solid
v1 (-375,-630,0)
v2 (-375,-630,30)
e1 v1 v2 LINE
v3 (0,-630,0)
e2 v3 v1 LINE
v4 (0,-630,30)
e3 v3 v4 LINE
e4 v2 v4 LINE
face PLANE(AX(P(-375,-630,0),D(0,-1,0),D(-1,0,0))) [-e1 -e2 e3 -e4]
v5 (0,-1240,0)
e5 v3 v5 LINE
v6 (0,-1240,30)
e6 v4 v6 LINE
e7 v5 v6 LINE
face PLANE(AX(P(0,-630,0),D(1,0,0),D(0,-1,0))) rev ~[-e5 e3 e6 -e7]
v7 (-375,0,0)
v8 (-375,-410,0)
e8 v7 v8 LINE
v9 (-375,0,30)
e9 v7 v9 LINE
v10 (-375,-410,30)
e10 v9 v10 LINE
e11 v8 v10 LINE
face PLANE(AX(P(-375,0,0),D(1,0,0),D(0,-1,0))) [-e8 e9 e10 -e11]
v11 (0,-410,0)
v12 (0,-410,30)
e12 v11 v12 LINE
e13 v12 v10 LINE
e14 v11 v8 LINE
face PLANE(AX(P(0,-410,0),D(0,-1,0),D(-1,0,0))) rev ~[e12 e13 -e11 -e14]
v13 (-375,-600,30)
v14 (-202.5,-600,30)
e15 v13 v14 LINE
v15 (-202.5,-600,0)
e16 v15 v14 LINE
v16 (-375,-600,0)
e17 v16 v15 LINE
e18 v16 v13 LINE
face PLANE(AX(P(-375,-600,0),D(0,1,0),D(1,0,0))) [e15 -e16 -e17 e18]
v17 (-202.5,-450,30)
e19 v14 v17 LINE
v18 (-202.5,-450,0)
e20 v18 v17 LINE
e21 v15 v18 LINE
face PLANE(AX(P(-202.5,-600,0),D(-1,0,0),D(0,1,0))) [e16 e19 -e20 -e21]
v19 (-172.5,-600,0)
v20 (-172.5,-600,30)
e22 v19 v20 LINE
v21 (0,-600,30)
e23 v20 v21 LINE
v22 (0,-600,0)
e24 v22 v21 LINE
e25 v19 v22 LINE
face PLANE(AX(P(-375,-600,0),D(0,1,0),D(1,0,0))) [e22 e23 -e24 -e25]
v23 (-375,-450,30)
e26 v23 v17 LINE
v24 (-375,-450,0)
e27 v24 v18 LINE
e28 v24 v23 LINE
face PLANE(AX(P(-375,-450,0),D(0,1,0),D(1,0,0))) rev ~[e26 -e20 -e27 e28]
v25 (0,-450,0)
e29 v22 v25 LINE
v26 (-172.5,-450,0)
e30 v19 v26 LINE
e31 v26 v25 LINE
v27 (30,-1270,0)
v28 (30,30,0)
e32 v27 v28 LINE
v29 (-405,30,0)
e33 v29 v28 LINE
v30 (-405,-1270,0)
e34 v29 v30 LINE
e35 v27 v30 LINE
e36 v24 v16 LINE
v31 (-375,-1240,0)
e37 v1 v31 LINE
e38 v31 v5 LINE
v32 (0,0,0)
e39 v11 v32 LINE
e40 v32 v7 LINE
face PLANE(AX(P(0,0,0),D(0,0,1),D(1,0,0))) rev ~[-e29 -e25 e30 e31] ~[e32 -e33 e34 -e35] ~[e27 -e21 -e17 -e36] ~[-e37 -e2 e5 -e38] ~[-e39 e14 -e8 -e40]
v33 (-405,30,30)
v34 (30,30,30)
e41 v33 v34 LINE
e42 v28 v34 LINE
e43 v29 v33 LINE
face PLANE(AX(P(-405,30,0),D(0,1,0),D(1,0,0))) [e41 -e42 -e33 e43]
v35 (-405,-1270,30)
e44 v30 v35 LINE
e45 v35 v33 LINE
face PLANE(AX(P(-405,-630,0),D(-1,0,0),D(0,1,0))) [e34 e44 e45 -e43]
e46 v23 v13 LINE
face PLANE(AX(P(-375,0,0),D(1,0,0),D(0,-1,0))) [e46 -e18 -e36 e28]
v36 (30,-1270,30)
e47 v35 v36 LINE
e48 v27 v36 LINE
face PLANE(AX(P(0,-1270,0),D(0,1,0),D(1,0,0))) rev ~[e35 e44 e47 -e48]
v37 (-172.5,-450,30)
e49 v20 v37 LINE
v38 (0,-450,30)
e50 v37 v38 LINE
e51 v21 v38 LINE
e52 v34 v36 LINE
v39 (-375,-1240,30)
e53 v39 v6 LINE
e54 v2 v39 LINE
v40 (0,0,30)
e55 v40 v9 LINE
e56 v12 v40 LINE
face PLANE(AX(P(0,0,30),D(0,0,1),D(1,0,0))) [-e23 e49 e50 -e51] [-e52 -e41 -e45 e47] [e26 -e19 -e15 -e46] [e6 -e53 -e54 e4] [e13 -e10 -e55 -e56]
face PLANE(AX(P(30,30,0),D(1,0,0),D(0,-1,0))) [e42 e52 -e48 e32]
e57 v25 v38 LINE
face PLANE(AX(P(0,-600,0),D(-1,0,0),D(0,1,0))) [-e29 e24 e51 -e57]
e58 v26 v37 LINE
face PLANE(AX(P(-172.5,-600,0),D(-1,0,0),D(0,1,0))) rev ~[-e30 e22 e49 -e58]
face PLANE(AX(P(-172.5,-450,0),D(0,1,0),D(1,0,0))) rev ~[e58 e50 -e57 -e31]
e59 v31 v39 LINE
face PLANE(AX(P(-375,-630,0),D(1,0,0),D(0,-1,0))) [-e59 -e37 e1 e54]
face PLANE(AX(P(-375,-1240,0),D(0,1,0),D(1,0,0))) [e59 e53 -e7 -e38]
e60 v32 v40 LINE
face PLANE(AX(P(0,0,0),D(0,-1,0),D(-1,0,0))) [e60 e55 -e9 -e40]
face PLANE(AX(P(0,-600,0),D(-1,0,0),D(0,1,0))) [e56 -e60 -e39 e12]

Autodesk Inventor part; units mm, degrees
ref_plane "YZ Plane" through (0, 0, 0) normal (1, 0, 0) x (0, 1, 0)
ref_plane "XZ Plane" through (0, 0, 0) normal (0, 1, 0) x (-1, 0, 0)
ref_plane "XY Plane" through (0, 0, 0) normal (0, 0, 1) x (1, 0, 0)
sketch "Sketch1" plane through (0, 0, 0) normal (0, 0, 1) x (1, 0, 0)
  line L0 (0, 0) -> (-375, 0)
  line L1 (-375, 0) -> (-375, -600)
  line L2 (-375, -600) -> (0, -600)
  line L3 (0, -600) -> (0, 0)
  line L4 (-405, 30) -> (30, 30)
  line L5 (30, 30) -> (30, -630)
  line L6 (30, -630) -> (-405, -630)
  line L7 (-405, -630) -> (-405, 30)
  line L8 (-405, -630) -> (-375, -630)
  line L9 (-375, -630) -> (-375, -1270)
  line L10 (-375, -1270) -> (-405, -1270)
  line L11 (-405, -1270) -> (-405, -630)
  line L12 (30, -630) -> (0, -630)
  line L13 (0, -630) -> (0, -1270)
  line L14 (0, -1270) -> (30, -1270)
  line L15 (30, -1270) -> (30, -630)
  line L16 (-375, -1270) -> (0, -1270)
  line L17 (0, -1270) -> (0, -1240)
  line L18 (0, -1240) -> (-375, -1240)
  line L19 (-375, -1240) -> (-375, -1270)
  dimension "d0" = 375
  dimension "d1" = 600
  dimension "d2" = 30
  dimension "d3" = 30
  dimension "d4" = 30
  dimension "d5" = 30
  dimension "d38" = 30
  dimension "d39" = 640
  dimension "d40" = 30
  dimension "d41" = 640
  dimension "d42" = 30
extrude "Extrusion1" add sketch "Sketch1" along normal blind 30 contours L4 L5 L6 L7
sketch "Sketch2" plane through (0, 0, 0) normal (0, 0, -1) x (-1, 0, 0)
  line L0 (375, -600) -> (375, 0) projected
  line L1 (375, -450) -> (0, -450)
  line L2 (0, -450) -> (0, -410)
  line L3 (0, -410) -> (375, -410)
  line L4 (375, -410) -> (375, -450)
  line L5 (0, -600) -> (375, -600) projected
  line L6 (202.5, -600) -> (202.5, -450)
  line L7 (172.5, -600) -> (172.5, -450)
  point P0 (0, 0)
  dimension "d8" = 375
  dimension "d9" = 40
  dimension "d10" = 150
extrude "Extrusion2" add sketch "Sketch2" against normal blind 30 contours L1 L2 L3 L0 | L5 L7 L1 L6
sketch "Sketch3" plane through (0, 0, 30) normal (0, 0, 1) x (1, 0, 0)
  line L0 (12.5, -490) -> (17.5, -490)
  line L1 (17.5, -490) -> (17.5, -200)
  line L2 (17.5, -200) -> (12.5, -200)
  line L3 (12.5, -200) -> (12.5, -490)
  line L4 (0, -410) -> (-375, -410) projected
  line L5 (-392.5, -490) -> (-387.5, -490)
  line L6 (-387.5, -490) -> (-387.5, -200)
  line L7 (-387.5, -200) -> (-392.5, -200)
  line L8 (-392.5, -200) -> (-392.5, -490)
  line L9 (0, -600) -> (-172.5, -600) projected
  point P0 (0, 0)
  dimension "d13" = 5
  dimension "d14" = 290
  dimension "d18" = 405
  dimension "d37" = 110
extrude "Extrusion3" [suppressed]
sketch "Sketch4" plane through (30, -630, 0) normal (1, 0, 0) x (0, 0, -1)
  line L0 (-30, 0) -> (-30, 660) projected
  line L1 (-30, 660) -> (-657.8518, 828.2324)
  line L2 (-30, 660) -> (620, 660) construction
  line L3 (-657.8518, 828.2324) -> (-665.6164, 799.2546)
  line L4 (-665.6164, 799.2546) -> (-30, 628.9417)
  point P0 (0, 630)
  dimension "d25" = 650
  dimension "d26" = 165
  dimension "d27" = 30
  dimension "d28" = 270
extrude "Extrusion4" [suppressed]
pattern_linear "Rectangular Pattern1" [suppressed]
sketch "Sketch5" plane through (-375, 0, 30) normal (1, 0, 0) x (0, 0, -1)
  line L0 (-635.6164, 169.2546) -> (-627.8518, 198.2324) projected
  line L1 (0, -1.0583) -> (-635.6164, 169.2546) projected
  line L2 (-627.8518, 198.2324) -> (-635.6164, 169.2546)
  line L3 (-635.6164, 169.2546) -> (-606.6386, 161.49)
  line L4 (-606.6386, 161.49) -> (-598.874, 190.4678)
  line L5 (-627.8518, 198.2324) -> (0, 30) projected
  line L6 (-627.8518, 198.2324) -> (-598.874, 190.4678)
  point P0 (30, 0)
  dimension "d34" = 30
extrude "Extrusion5" [suppressed]
sketch "Sketch6" plane through (0, 0, 0) normal (0, 0, -1) x (-1, 0, 0)
  line L0 (0, -630) -> (0, -1270)
  line L1 (0, -1270) -> (-30, -1270)
  line L2 (-30, -1270) -> (-30, -630)
  line L3 (375, -630) -> (375, -1270)
  line L4 (375, -1270) -> (405, -1270)
  line L5 (405, -1270) -> (405, -630)
  line L6 (0, -1270) -> (375, -1270)
  line L7 (375, -1270) -> (375, -1240)
  line L8 (375, -1240) -> (0, -1240)
  line L9 (0, -1240) -> (0, -1270)
  line L10 (405, 30) -> (405, -630) projected
  line L11 (-30, -630) -> (-30, 30) projected
  line L12 (405, -630) -> (375, -630)
  line L13 (405, -630) -> (-30, -630) projected
  line L14 (0, -630) -> (-30, -630)
  point P0 (0, 0)
  point P1 (405, -1.0583)
  point P2 (-30, -1.0583)
  dimension "d43" = 30
  dimension "d44" = 640
  dimension "d45" = 30
  dimension "d46" = 640
  dimension "d47" = 30
  dimension "d48" = 0
  dimension "d49" = 0
extrude "Extrusion6" add sketch "Sketch6" against normal blind 30 contours L0 L1 L2 L13 | L8 L3 L6 L0 | L12 L5 L4 L3
sketch "Sketch7" plane through (0, 0, 0) normal (0, 0, -1) x (-1, 0, 0)
  circle A0 centre (187.5, -430) radius 40
  point P0 (0, 0)
  dimension "d52" = 80
sketch "Sketch8" plane through (30, -1270, 0) normal (1, 0, 0) x (0, 0, -1)
  line L0 (0, 0) -> (-30, 0) projected
  line L1 (-30, 0) -> (-311.9078, 102.606)
  line L2 (-30, 0) -> (270, 0) construction
  line L3 (-311.9078, 102.606) -> (-301.6472, 130.7968)
  line L4 (-301.6472, 130.7968) -> (-30, 31.9253)
  line L5 (-30, 640) -> (-30, 30) projected
  line L6 (-30, 31.9253) -> (-30, 0)
  point P0 (0, 1270)
  dimension "d55" = 300
  dimension "d56" = 160
  dimension "d57" = 30
  dimension "d58" = 90
sketch "Sketch9" plane through (0, -1240, 0) normal (-1, 0, 0) x (0, 0, 1)
  line L0 (311.9078, 72.606) -> (301.6472, 100.7968) projected
  line L1 (311.9078, 72.606) -> (301.6472, 100.7968)
  line L2 (301.6472, 100.7968) -> (273.4564, 90.5362)
  line L3 (30, 1.9253) -> (301.6472, 100.7968) projected
  line L4 (273.4564, 90.5362) -> (283.717, 62.3454)
  line L5 (30, -30) -> (311.9078, 72.606) projected
  line L6 (283.717, 62.3454) -> (311.9078, 72.606)
  point P0 (0, 1240)
  dimension "d64" = 30
sketch "Sketch10" plane through (0, 0, 30) normal (0, 0, 1) x (1, 0, 0)
  line L0 (-405, -1238.0747) -> (-375, -1238.0747) projected
  line L1 (-405, -1238.0747) -> (30, -1238.0747)
  line L2 (30, -1238.0747) -> (30, -598.0747)
  line L3 (30, -598.0747) -> (-405, -598.0747)
  line L4 (-405, -598.0747) -> (-405, -1238.0747)
  point P0 (0, 0)
  dimension "d67" = 435
  dimension "d68" = 640
sketch "Sketch11" plane through (0, 0, 32) normal (0, 0, 1) x (1, 0, 0)
  line L0 (30, -648.0747) -> (0, -648.0747)
  line L1 (0, -648.0747) -> (0, -678.0747)
  line L2 (0, -678.0747) -> (30, -678.0747)
  line L3 (30, -678.0747) -> (30, -648.0747)
  line L4 (30, -598.0747) -> (-405, -598.0747) projected
  point P0 (0, 0)
  dimension "d71" = 30
  dimension "d72" = 30
  dimension "d73" = 50
sketch "Sketch12" plane through (0, 0, 382) normal (0, 0, 1) x (1, 0, 0)
  line L0 (-405, -868.0747) -> (-405, -898.0747) projected
  line L1 (-405, -898.0747) -> (-375, -898.0747) projected
  line L2 (-375, -898.0747) -> (-375, -868.0747) projected
  line L3 (-375, -868.0747) -> (-405, -868.0747) projected
  line L4 (-405, -648.0747) -> (-405, -678.0747) projected
  line L5 (-405, -678.0747) -> (-375, -678.0747) projected
  line L6 (-375, -678.0747) -> (-375, -648.0747) projected
  line L7 (-375, -648.0747) -> (-405, -648.0747) projected
  line L8 (0, -648.0747) -> (0, -678.0747) projected
  line L9 (0, -678.0747) -> (30, -678.0747) projected
  line L10 (30, -678.0747) -> (30, -648.0747) projected
  line L11 (30, -648.0747) -> (0, -648.0747) projected
  line L12 (0, -868.0747) -> (0, -898.0747) projected
  line L13 (0, -898.0747) -> (30, -898.0747) projected
  line L14 (30, -898.0747) -> (30, -868.0747) projected
  line L15 (30, -868.0747) -> (0, -868.0747) projected
  line L16 (-405, -898.0747) -> (-375, -898.0747) projected
  line L17 (-405, -898.0747) -> (30, -898.0747)
  line L18 (30, -898.0747) -> (30, -648.0747)
  line L19 (30, -648.0747) -> (-405, -648.0747)
  line L20 (-405, -648.0747) -> (-405, -898.0747)
  point P0 (0, 0)
  point P1 (0, -898.0747)
  point P2 (30, -868.0747)
  point P3 (30, -678.0747)
  point P4 (0, -648.0747)
sketch "Sketch13" plane through (-405, -1270, 0) normal (-1, 0, 0) x (0, 0, 1)
  line L0 (232, 591.9253) -> (202, 591.9253)
  line L1 (202, 591.9253) -> (202, 741.9253)
  line L2 (202, 741.9253) -> (232, 741.9253)
  line L3 (232, 741.9253) -> (232, 591.9253)
  line L4 (32, 591.9253) -> (379, 591.9253) projected
  line L5 (382, 621.9253) -> (382, 371.9253) projected
  point P0 (0, 1270)
  dimension "d84" = 30
  dimension "d85" = 150
  dimension "d86" = 0
  dimension "d87" = 150
sketch "Sketch14" plane through (-435, -1270, 0) normal (-1, 0, 0) x (0, 0, 1)
  line L0 (232, 741.9253) -> (202, 741.9253) projected
  line L1 (232, 741.9253) -> (202, 741.9253)
  line L2 (202, 741.9253) -> (202, 711.9253)
  line L3 (202, 711.9253) -> (232, 711.9253)
  line L4 (232, 711.9253) -> (232, 741.9253)
  point P0 (0, 1270)
  point P1 (202, 741.9253)
  dimension "d90" = 30
  dimension "d91" = 30
sketch "Sketch15" plane through (30, -1270, 0) normal (1, 0, 0) x (0, 0, -1)
  line L0 (-657.8518, 1468.2324) -> (-665.6164, 1439.2546) construction
  circle A0 centre (-661.7341, 1453.7435) radius 7.5 construction
  circle A1 centre (-654.5905, 1451.4588) radius 4
  point P0 (0, 1270)
  dimension "d96" = 15
  dimension "d97" = 8
properties part number "rama pod fotel v2 bez mocowań kierownicy"
